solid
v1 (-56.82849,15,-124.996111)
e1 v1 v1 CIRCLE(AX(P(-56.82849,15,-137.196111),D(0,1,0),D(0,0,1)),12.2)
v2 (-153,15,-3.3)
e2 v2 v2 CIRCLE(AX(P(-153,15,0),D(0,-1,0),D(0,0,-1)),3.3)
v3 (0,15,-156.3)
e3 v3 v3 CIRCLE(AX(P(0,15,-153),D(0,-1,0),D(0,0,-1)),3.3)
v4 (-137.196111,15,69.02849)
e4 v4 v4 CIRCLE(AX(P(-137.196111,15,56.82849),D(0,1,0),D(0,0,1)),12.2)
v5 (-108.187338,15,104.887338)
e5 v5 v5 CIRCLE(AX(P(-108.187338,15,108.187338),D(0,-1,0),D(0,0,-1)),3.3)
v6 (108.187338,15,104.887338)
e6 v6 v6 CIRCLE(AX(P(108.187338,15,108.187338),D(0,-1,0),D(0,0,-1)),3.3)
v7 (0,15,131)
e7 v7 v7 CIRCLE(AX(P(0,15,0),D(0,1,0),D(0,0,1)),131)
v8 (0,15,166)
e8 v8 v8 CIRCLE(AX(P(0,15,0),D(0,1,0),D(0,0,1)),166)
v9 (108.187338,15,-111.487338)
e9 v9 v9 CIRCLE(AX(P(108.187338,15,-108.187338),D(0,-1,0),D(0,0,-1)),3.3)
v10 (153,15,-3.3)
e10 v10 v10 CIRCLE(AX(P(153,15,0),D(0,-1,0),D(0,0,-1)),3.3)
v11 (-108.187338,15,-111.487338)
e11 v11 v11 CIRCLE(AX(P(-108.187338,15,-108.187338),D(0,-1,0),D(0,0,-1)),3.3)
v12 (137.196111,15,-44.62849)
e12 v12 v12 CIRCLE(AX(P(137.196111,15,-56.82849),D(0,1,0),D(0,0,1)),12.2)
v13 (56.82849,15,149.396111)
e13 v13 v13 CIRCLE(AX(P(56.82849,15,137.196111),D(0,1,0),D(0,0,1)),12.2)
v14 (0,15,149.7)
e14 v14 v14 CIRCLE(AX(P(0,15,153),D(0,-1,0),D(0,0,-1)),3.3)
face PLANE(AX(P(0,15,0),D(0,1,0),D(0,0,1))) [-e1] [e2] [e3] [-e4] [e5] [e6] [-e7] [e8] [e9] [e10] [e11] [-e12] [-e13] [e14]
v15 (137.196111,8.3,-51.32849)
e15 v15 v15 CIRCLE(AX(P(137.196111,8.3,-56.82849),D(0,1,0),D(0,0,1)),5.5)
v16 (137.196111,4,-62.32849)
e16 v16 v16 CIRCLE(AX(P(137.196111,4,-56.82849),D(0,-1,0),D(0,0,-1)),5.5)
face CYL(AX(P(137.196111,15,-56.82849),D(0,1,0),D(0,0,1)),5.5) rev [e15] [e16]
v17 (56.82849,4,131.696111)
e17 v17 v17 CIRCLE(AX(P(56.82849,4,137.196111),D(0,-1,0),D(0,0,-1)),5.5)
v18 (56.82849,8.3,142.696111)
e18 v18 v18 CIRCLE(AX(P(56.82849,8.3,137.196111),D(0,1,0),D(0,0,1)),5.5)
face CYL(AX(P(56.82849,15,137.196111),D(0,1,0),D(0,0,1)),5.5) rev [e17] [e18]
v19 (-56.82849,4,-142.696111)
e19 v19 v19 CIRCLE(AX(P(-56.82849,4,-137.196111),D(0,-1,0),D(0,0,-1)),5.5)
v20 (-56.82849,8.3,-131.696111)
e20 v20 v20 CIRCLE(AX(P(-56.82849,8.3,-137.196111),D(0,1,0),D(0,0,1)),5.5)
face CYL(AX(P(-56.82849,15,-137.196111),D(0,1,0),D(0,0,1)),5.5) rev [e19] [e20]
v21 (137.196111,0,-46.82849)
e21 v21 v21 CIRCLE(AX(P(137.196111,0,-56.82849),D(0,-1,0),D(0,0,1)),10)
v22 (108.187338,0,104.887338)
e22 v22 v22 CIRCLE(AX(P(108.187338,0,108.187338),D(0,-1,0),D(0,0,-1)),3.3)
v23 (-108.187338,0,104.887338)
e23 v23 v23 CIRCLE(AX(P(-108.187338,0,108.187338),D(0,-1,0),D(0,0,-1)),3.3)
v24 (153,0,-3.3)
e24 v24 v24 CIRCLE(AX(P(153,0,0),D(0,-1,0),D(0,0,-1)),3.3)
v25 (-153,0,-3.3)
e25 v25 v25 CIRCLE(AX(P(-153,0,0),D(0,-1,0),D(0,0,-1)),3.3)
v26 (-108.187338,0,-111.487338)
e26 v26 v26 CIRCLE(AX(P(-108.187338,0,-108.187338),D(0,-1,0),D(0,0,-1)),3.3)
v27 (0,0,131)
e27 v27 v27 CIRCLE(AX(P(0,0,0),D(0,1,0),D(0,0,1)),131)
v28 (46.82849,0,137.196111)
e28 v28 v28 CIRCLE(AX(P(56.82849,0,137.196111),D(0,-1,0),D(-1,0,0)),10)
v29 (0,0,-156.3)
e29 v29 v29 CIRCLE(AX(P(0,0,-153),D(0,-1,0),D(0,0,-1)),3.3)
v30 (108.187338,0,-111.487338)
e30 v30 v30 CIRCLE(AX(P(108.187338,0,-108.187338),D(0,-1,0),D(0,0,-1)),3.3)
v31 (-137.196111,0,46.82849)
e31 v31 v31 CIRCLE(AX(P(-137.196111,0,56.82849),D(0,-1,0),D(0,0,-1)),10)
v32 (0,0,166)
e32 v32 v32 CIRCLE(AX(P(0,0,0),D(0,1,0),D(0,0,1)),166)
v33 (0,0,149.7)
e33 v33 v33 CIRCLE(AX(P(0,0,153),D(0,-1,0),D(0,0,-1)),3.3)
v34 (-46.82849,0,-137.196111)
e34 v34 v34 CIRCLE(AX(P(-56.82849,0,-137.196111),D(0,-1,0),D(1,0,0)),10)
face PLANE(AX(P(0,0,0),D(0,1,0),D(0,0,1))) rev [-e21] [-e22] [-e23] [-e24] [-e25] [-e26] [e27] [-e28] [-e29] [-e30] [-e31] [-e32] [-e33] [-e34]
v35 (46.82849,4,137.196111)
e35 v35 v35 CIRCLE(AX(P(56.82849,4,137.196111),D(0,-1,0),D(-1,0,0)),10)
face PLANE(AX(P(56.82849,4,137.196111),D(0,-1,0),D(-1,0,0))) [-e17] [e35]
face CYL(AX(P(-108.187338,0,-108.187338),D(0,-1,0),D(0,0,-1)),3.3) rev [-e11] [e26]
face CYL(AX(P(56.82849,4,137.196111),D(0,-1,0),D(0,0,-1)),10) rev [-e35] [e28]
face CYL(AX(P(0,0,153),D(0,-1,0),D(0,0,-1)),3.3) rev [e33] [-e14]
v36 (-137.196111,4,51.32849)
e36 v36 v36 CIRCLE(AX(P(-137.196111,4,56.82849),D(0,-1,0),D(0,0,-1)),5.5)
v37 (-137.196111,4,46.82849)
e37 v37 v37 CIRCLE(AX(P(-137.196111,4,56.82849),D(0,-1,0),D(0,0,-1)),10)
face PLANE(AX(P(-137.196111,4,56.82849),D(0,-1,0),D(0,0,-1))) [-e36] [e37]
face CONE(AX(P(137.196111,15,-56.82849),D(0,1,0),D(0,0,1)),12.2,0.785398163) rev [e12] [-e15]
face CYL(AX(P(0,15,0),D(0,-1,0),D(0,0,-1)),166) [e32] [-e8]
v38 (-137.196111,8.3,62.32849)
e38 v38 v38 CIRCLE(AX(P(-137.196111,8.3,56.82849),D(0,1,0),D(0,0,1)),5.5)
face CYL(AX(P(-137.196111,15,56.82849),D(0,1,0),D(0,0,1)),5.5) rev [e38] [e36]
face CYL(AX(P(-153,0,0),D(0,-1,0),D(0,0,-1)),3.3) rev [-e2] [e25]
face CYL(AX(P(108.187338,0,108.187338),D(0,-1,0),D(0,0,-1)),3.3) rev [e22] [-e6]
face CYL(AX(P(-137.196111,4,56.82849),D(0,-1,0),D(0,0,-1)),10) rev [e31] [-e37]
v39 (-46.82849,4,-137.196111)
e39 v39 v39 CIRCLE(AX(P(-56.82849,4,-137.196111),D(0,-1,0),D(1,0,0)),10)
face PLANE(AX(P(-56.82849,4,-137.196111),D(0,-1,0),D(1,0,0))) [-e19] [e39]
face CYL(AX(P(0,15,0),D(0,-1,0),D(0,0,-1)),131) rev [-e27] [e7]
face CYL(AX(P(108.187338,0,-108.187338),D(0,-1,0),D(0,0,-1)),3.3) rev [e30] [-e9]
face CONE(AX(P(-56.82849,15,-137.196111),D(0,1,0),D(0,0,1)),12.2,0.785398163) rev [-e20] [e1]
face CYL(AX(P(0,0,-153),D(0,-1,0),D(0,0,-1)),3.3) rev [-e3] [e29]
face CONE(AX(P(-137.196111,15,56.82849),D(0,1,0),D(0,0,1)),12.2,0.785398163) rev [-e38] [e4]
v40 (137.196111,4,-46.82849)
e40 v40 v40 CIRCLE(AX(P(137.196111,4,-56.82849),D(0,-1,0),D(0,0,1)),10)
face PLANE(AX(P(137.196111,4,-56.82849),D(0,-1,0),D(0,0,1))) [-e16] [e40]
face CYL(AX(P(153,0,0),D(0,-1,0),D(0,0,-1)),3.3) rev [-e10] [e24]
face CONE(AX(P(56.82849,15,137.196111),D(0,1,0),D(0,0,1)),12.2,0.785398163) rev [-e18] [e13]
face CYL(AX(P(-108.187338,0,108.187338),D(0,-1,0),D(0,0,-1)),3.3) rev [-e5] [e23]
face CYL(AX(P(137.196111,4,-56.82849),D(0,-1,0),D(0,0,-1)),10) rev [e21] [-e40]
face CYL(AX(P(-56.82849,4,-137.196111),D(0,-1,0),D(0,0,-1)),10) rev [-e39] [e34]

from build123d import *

# Parameters (mm, degrees)
SKETCH1_R                                            = 166
SKETCH1_R_2                                          = 131
BOSS_EXTRUDE1_DEPTH                                  = 15
M6_CLEARANCE_HOLE1_D                                 = 6.6
CIRPATTERN1_COUNT                                    = 8
SKETCH4_R                                            = 10
CUT_EXTRUDE1_DEPTH                                   = 4
CSK_FOR_M10_HEX_SOCKET_COUNTERSUNK_CAP_S_D           = 11
CSK_FOR_M10_HEX_SOCKET_COUNTERSUNK_CAP_S_CSINK_D     = 24.4
CSK_FOR_M10_HEX_SOCKET_COUNTERSUNK_CAP_S_CSINK_ANGLE = 90
CIRPATTERN2_COUNT                                    = 4


with BuildPart() as part:
    # Sketch1 → Boss-Extrude1 (new body)
    with BuildSketch(Plane(origin=(0, 0, 0), x_dir=(1, 0, 0), z_dir=(0, 1, 0))):
        Circle(SKETCH1_R)
        Circle(SKETCH1_R_2, mode=Mode.SUBTRACT)
    extrude(amount=BOSS_EXTRUDE1_DEPTH)

    # M6 Clearance Hole1 (through all)
    with Locations(Plane(origin=(0, 0, 0), x_dir=(-1, 0, 0), z_dir=(0, -1, 0))):
        with Locations((0, 153)):
            m6_clearance_hole1 = Hole(M6_CLEARANCE_HOLE1_D / 2)

    # CirPattern1: M6 Clearance Hole1 ×8 about axis
    cirpattern1_axis = Axis((0, 0, 0), (0, 1, 0))
    for i in range(1, CIRPATTERN1_COUNT):
        add(m6_clearance_hole1.rotate(cirpattern1_axis, i * 360 / CIRPATTERN1_COUNT), mode=Mode.SUBTRACT)

    # Sketch4 → Cut-Extrude1 (cut)
    with BuildSketch(Plane.XZ):
        with Locations((-137.196110578, 56.828489706)):
            Circle(SKETCH4_R)
    cut_extrude1 = extrude(amount=-CUT_EXTRUDE1_DEPTH, mode=Mode.SUBTRACT)

    # CSK for M10 Hex Socket Countersunk Cap Screw1 (through all)
    with Locations(Plane(origin=(0, 15, 0), x_dir=(1, 0, 0), z_dir=(0, 1, 0))):
        with Locations((-137.196110578, -56.828489706)):
            csk_for_m10_hex_socket_countersunk_cap_s = CounterSinkHole(CSK_FOR_M10_HEX_SOCKET_COUNTERSUNK_CAP_S_D / 2, CSK_FOR_M10_HEX_SOCKET_COUNTERSUNK_CAP_S_CSINK_D / 2, counter_sink_angle=CSK_FOR_M10_HEX_SOCKET_COUNTERSUNK_CAP_S_CSINK_ANGLE)

    # CirPattern2: Cut-Extrude1, CSK for M10 Hex Socket Countersunk Cap Screw1 ×4 about axis
    cirpattern2_axis = Axis((0, 0, 0), (0, 1, 0))
    for i in range(1, CIRPATTERN2_COUNT):
        add(cut_extrude1.rotate(cirpattern2_axis, i * 360 / CIRPATTERN2_COUNT), mode=Mode.SUBTRACT)
        add(csk_for_m10_hex_socket_countersunk_cap_s.rotate(cirpattern2_axis, i * 360 / CIRPATTERN2_COUNT), mode=Mode.SUBTRACT)


solid = part.part
